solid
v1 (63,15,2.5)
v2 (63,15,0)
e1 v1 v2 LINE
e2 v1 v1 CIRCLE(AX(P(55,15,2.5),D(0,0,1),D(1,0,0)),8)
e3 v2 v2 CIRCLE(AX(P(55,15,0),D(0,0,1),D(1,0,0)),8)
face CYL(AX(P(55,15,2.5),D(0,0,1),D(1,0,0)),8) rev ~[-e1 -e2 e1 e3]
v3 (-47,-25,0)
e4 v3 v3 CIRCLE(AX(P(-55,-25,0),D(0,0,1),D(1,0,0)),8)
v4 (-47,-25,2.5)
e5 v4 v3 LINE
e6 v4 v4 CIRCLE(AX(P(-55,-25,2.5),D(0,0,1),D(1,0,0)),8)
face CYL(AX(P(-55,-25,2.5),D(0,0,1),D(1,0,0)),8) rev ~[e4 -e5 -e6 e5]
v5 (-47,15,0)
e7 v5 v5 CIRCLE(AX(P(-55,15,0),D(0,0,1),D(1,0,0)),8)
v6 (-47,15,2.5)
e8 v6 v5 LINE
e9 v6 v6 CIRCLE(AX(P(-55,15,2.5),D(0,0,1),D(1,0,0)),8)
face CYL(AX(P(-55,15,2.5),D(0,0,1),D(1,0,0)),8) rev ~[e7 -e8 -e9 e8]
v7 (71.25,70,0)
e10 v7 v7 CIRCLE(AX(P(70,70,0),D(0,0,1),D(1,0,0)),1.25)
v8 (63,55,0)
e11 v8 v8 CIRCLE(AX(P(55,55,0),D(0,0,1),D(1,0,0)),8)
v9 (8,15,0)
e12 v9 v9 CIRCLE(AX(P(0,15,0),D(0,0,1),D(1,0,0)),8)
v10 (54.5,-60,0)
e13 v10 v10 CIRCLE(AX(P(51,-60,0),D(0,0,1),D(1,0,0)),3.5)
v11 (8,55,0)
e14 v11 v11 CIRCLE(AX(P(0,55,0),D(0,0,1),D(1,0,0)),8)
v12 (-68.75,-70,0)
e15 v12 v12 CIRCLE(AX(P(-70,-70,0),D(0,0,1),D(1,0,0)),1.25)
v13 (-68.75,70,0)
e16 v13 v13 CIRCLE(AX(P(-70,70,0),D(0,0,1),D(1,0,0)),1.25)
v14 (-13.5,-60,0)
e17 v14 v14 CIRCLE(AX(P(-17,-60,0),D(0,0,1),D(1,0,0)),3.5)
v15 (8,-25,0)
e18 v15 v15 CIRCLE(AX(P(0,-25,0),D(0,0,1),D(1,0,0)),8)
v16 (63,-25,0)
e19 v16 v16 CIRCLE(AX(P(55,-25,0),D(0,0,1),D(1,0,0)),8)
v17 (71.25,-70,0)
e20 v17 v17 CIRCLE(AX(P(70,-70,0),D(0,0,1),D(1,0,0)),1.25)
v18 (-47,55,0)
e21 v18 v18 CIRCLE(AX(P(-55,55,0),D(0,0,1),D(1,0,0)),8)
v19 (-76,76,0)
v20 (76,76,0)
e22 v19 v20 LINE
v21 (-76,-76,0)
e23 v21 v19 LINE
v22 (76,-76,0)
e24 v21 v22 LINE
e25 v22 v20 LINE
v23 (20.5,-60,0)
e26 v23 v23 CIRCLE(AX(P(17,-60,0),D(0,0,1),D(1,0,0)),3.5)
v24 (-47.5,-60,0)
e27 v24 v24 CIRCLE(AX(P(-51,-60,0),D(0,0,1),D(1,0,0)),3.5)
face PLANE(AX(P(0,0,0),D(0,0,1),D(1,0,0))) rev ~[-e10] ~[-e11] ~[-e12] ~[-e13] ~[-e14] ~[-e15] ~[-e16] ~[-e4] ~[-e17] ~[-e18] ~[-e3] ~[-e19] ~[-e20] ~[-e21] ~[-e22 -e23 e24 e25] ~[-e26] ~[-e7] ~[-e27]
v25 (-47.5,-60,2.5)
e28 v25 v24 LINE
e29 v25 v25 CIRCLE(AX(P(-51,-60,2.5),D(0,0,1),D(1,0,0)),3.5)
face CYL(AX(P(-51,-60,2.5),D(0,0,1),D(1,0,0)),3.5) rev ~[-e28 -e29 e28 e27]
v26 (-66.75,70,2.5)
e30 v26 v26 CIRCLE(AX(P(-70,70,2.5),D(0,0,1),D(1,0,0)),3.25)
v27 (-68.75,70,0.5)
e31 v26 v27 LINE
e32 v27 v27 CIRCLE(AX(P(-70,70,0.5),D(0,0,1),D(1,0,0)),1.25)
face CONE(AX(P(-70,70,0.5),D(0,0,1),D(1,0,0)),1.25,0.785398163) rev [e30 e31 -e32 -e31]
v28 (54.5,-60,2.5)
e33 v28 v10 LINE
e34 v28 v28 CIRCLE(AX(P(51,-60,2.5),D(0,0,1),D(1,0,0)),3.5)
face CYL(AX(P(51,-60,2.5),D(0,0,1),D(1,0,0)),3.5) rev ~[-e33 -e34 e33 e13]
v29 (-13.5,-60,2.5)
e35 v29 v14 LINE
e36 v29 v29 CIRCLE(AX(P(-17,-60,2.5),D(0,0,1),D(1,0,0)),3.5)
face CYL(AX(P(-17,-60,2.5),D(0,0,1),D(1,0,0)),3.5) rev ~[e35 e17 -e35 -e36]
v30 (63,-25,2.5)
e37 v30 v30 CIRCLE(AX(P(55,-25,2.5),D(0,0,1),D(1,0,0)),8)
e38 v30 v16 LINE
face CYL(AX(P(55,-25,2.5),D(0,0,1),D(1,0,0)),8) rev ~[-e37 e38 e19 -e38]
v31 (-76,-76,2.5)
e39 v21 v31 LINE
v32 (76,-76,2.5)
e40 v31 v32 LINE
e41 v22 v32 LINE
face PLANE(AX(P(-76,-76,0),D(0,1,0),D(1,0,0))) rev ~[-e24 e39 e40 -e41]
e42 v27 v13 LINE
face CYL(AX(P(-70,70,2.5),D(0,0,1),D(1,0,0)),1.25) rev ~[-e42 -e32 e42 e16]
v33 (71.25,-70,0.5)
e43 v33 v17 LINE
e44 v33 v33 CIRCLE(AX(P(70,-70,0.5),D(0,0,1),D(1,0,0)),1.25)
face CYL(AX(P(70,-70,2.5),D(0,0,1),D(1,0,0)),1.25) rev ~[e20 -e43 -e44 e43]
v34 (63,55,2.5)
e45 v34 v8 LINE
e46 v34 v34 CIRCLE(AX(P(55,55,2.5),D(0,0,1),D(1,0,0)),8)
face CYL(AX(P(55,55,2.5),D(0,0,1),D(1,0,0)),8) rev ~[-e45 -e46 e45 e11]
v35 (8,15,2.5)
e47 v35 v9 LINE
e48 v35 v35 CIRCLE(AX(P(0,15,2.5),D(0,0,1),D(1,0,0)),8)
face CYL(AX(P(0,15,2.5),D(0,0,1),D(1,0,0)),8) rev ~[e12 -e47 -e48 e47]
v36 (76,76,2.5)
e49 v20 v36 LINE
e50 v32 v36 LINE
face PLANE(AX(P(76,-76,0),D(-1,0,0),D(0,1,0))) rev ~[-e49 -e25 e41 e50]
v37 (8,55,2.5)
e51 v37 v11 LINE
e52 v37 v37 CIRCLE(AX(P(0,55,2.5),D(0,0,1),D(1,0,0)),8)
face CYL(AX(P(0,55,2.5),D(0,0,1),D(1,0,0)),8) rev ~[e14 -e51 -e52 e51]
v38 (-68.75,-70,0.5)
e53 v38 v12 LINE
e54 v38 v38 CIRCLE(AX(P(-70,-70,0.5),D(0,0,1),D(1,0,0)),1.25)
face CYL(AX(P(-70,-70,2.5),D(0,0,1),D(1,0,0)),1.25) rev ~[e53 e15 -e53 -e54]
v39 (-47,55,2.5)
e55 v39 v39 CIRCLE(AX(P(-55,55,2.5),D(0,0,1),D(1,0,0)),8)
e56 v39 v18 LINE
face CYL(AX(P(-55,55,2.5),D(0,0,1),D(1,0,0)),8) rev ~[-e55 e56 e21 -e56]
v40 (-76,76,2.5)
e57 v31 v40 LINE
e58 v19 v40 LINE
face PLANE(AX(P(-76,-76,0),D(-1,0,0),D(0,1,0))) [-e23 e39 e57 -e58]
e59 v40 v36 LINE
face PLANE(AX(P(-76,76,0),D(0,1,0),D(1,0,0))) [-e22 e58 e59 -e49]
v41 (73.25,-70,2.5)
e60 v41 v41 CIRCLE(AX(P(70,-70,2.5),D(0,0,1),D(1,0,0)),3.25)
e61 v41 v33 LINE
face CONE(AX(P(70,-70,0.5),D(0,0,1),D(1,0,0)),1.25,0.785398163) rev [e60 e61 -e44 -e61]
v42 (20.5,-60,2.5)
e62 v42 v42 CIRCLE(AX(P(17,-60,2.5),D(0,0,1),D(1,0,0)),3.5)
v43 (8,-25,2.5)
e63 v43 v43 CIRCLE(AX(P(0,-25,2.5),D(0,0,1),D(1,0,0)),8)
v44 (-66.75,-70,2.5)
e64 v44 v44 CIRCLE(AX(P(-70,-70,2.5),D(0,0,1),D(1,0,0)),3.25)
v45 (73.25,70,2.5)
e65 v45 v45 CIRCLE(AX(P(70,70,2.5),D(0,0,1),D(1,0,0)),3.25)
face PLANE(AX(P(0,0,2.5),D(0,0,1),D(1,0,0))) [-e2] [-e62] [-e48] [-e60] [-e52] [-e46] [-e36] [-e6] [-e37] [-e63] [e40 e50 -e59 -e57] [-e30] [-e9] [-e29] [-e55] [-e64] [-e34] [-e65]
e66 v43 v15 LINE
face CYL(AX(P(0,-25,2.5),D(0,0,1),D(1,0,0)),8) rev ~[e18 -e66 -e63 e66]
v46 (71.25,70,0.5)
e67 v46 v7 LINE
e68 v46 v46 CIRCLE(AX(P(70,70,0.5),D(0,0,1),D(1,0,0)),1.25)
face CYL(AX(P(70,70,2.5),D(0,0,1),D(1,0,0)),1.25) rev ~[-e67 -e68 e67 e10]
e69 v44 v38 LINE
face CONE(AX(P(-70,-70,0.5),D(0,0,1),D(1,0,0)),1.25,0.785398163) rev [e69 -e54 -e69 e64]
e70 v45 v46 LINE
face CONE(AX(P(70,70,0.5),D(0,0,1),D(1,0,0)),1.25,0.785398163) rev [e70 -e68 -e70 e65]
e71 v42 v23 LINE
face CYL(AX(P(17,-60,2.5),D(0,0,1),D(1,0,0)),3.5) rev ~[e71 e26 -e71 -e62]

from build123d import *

# Parameters (mm, degrees)
SKETCH_W        = 152
SKETCH_H        = 152
PAD_DEPTH       = 2.5
SKETCH001_R     = 8
SKETCH001_R_2   = 3.5
POCKET_DEPTH    = 5
SKETCH002_R     = 1.25
POCKET001_DEPTH = 5
CHAMFER_SIZE    = 2


with BuildPart() as part:
    # Sketch → Pad (new body)
    with BuildSketch(Plane.XY):
        Rectangle(SKETCH_W, SKETCH_H)
    extrude(amount=PAD_DEPTH)

    # Sketch001 → Pocket (cut)
    with BuildSketch(Plane.XY.offset(2.5)):
        with Locations((-55, 55)):
            Circle(SKETCH001_R)
        with Locations((-51, -60)):
            Circle(SKETCH001_R_2)
        with Locations((-55, 15)):
            Circle(SKETCH001_R)
        with Locations((0, 15)):
            Circle(SKETCH001_R)
        with Locations((0, -25)):
            Circle(SKETCH001_R)
        with Locations((0, 55)):
            Circle(SKETCH001_R)
        with Locations((-17, -60)):
            Circle(SKETCH001_R_2)
        with Locations((17, -60)):
            Circle(SKETCH001_R_2)
        with Locations((51, -60)):
            Circle(SKETCH001_R_2)
        with Locations((55, 55)):
            Circle(SKETCH001_R)
        with Locations((-55, -25)):
            Circle(SKETCH001_R)
        with Locations((55, -25)):
            Circle(SKETCH001_R)
        with Locations((55, 15)):
            Circle(SKETCH001_R)
    extrude(amount=-POCKET_DEPTH, mode=Mode.SUBTRACT)

    # Sketch002 → Pocket001 (cut)
    with BuildSketch(Plane.XY.offset(2.5)):
        with Locations((-70, 70)):
            Circle(SKETCH002_R)
        with Locations((70, 70)):
            Circle(SKETCH002_R)
        with Locations((70, -70)):
            Circle(SKETCH002_R)
        with Locations((-70, -70)):
            Circle(SKETCH002_R)
    extrude(amount=-POCKET001_DEPTH, mode=Mode.SUBTRACT)

    # Chamfer
    chamfer_edges = [part.edges().sort_by_distance(p)[0] for p in [
        (-71.25, 70, 2.5),
        (68.75, 70, 2.5),
        (68.75, -70, 2.5),
        (-71.25, -70, 2.5),
    ]]
    chamfer(chamfer_edges, length=CHAMFER_SIZE)


solid = part.part
